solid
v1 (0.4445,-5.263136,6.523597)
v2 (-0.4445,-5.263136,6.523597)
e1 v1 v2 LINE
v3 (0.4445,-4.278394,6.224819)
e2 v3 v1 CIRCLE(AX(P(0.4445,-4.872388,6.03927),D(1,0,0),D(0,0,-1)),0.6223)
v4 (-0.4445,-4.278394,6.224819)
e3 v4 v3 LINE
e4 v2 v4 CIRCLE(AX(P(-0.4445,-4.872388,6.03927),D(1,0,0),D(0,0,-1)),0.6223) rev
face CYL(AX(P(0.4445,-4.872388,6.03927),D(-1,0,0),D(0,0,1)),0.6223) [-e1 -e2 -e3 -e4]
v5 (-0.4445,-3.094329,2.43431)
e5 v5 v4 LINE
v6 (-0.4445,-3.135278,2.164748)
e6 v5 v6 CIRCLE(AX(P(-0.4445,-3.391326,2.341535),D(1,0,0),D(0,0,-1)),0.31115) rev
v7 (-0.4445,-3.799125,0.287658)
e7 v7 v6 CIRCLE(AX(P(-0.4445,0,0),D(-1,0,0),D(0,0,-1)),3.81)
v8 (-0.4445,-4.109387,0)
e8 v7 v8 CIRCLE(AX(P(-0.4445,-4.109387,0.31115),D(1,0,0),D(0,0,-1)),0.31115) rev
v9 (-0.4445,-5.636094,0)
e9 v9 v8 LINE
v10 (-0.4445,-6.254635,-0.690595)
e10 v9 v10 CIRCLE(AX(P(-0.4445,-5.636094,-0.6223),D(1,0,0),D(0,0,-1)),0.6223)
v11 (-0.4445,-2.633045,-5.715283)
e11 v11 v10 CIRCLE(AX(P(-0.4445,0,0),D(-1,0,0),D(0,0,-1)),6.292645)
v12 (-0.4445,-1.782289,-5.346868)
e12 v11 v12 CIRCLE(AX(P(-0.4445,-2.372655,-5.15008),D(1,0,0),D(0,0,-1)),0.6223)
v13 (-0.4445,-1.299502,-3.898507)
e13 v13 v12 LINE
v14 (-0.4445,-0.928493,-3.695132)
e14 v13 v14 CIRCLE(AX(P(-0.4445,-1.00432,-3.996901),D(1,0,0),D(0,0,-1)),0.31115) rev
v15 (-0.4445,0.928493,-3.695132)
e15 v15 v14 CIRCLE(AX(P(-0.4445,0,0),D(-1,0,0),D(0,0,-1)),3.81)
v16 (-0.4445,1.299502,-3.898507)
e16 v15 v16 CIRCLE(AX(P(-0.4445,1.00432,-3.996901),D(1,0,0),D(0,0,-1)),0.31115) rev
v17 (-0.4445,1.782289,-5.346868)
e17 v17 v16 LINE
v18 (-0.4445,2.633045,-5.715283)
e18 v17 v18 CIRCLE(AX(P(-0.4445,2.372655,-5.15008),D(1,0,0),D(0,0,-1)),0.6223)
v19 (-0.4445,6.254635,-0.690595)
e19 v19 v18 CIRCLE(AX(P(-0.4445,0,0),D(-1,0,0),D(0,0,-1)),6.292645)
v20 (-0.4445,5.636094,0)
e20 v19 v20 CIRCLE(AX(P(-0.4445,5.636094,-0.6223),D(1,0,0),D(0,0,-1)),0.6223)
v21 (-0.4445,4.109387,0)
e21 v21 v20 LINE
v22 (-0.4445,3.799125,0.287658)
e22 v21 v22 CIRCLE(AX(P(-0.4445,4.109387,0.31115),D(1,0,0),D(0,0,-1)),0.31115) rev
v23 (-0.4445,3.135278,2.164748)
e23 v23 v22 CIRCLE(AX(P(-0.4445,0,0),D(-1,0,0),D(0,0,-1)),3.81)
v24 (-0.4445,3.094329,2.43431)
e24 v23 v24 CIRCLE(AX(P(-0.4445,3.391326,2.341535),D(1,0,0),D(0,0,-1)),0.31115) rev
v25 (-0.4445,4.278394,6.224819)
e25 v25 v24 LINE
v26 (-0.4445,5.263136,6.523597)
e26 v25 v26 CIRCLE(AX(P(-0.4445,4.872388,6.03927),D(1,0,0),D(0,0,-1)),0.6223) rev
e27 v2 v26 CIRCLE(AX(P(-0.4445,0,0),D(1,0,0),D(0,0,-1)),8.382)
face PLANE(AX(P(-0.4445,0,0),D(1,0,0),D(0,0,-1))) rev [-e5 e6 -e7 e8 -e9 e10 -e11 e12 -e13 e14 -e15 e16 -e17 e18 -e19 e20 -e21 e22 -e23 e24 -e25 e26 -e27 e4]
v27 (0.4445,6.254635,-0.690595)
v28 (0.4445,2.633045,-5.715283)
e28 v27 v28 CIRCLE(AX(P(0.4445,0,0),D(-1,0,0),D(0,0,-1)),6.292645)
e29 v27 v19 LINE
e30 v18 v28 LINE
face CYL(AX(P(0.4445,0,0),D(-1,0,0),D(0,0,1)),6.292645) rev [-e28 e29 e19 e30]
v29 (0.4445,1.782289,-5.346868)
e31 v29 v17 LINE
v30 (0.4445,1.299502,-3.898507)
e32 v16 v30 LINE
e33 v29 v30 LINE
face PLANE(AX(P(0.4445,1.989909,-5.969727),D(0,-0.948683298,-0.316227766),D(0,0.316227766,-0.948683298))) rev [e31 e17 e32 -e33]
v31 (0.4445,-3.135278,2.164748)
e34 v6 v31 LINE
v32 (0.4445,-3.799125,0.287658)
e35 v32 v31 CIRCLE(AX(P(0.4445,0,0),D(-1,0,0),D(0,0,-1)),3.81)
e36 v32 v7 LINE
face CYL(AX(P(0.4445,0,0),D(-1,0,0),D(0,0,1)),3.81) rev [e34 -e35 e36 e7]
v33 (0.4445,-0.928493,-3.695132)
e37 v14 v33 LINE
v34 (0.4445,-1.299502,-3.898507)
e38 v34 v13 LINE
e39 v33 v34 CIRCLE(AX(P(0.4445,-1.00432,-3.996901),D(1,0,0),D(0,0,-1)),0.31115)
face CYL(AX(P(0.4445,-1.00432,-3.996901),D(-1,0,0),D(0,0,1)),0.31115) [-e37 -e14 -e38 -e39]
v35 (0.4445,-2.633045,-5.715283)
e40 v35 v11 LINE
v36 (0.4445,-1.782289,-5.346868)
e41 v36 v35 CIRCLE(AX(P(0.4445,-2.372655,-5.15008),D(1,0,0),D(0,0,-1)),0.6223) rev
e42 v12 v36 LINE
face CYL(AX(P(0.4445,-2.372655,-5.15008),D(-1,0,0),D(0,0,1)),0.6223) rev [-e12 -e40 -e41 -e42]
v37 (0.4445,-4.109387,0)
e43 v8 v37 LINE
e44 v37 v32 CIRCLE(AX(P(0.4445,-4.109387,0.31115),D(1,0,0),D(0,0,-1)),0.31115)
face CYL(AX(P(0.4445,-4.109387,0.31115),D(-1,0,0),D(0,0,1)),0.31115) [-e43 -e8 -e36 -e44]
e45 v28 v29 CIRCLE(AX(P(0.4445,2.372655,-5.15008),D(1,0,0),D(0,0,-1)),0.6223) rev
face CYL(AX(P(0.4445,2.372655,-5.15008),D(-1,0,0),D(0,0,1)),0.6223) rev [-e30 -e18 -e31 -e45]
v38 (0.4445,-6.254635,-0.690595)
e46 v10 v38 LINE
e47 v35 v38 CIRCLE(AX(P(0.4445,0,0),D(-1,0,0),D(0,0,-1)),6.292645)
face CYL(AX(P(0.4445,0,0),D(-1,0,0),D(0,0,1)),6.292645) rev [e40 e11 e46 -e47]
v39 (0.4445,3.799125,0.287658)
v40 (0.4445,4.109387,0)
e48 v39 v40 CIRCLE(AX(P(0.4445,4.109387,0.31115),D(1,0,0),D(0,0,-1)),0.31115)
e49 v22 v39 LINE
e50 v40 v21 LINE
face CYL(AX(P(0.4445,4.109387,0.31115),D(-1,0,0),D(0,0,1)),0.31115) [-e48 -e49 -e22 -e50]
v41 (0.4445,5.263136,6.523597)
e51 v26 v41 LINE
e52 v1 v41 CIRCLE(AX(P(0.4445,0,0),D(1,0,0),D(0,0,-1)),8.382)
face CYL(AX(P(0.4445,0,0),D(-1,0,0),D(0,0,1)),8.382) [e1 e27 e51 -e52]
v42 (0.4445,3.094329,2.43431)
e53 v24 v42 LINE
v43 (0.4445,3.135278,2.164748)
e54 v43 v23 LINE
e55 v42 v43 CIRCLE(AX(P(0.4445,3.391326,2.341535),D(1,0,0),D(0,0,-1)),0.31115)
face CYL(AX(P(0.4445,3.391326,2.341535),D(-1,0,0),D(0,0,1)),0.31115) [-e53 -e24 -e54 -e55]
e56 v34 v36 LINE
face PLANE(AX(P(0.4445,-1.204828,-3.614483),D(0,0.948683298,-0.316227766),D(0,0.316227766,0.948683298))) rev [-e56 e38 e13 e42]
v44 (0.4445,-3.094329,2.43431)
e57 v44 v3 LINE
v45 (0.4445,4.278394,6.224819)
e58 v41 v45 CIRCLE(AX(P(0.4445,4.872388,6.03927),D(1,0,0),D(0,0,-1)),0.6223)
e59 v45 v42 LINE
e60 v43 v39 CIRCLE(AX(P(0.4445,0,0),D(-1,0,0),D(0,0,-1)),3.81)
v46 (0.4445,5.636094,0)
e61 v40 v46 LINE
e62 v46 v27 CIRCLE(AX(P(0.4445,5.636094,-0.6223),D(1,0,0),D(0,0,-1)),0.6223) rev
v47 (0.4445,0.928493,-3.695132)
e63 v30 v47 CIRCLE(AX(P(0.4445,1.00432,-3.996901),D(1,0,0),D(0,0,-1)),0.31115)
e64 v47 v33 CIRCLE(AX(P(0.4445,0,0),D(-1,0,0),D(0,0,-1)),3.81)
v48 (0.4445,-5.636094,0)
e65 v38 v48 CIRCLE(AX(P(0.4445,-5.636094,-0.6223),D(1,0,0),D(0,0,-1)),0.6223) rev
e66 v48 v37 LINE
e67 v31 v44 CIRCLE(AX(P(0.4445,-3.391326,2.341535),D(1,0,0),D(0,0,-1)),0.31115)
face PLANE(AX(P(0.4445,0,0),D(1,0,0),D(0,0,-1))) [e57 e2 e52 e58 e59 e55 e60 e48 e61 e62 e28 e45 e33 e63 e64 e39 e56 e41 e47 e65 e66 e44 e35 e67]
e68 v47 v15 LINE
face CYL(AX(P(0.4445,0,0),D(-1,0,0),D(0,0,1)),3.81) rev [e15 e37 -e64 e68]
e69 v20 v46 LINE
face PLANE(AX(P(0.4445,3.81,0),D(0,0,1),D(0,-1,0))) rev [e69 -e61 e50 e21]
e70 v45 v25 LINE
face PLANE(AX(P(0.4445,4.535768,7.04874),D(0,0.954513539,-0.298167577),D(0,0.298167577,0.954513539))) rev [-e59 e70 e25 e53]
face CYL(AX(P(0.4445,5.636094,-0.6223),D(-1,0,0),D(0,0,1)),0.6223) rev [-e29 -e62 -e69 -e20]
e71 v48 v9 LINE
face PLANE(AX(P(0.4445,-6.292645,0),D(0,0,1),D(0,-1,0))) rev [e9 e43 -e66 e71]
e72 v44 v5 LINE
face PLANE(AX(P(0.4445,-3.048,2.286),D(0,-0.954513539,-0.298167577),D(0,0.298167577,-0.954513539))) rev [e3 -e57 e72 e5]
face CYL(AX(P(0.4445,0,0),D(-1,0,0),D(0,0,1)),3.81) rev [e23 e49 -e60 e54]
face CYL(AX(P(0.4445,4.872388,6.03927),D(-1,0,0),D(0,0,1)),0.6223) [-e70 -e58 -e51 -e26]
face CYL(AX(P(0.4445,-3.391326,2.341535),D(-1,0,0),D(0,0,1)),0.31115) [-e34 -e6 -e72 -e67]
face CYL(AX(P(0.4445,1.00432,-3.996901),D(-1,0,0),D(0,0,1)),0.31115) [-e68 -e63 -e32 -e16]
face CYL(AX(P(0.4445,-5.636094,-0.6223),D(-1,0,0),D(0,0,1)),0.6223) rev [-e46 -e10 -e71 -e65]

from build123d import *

# Parameters (mm, degrees)
BOSS_EXTRUDE1_DEPTH      = 0.4445
BOSS_EXTRUDE1_DEPTH_BACK = 0.4445
FILLET1_R                = 0.6223
FILLET2_R                = 0.31115


with BuildPart() as part:
    # Sketch3 → Boss-Extrude1 (new, two sides: drawn at the far end of the back side and taken through both)
    with BuildSketch(Plane(origin=(0, 0, 0), x_dir=(0, 0, -1), z_dir=(1, 0, 0)).offset(-BOSS_EXTRUDE1_DEPTH_BACK)):
        with BuildLine():
            Line((3.614483366, -1.204827789), (5.969727365, -1.989909122))
            ThreePointArc((5.969727365, -1.989909122), (3.679374344, -5.104859211), (0, -6.292645161))
            Line((0, -6.292645161), (0, -3.81))
            ThreePointArc((0, -3.81), (-1.204827789, -3.614483366), (-2.286, -3.048))
            Line((-2.286, -3.048), (-7.048739855, -4.535767901))
            ThreePointArc((-7.048739855, -4.535767901), (8.382, 0), (-7.048739855, 4.535767901))
            Line((-7.048739855, 4.535767901), (-2.286, 3.048))
            ThreePointArc((-2.286, 3.048), (-1.204827789, 3.614483366), (0, 3.81))
            Line((0, 3.81), (0, 6.292645161))
            ThreePointArc((0, 6.292645161), (3.679374344, 5.104859211), (5.969727365, 1.989909122))
            Line((5.969727365, 1.989909122), (3.614483366, 1.204827789))
            ThreePointArc((3.614483366, 1.204827789), (3.81, 0), (3.614483366, -1.204827789))
        make_face()
    extrude(amount=BOSS_EXTRUDE1_DEPTH + BOSS_EXTRUDE1_DEPTH_BACK)

    # Fillet1
    fillet1_edges = [part.edges().sort_by_distance(p)[0] for p in [
        (0, 1.989909122, -5.969727365),
        (0, 6.292645161, 0),
        (0, 4.535767901, 7.048739855),
        (0, -4.535767901, 7.048739855),
        (0, -6.292645161, 0),
        (0, -1.989909122, -5.969727365),
    ]]
    fillet(fillet1_edges, radius=FILLET1_R)

    # Fillet2
    fillet2_edges = [part.edges().sort_by_distance(p)[0] for p in [
        (0, 1.204827789, -3.614483366),
        (0, 3.81, 0),
        (0, 3.048, 2.286),
        (0, -3.048, 2.286),
        (0, -3.81, 0),
        (0, -1.204827789, -3.614483366),
    ]]
    fillet(fillet2_edges, radius=FILLET2_R)


solid = part.part
